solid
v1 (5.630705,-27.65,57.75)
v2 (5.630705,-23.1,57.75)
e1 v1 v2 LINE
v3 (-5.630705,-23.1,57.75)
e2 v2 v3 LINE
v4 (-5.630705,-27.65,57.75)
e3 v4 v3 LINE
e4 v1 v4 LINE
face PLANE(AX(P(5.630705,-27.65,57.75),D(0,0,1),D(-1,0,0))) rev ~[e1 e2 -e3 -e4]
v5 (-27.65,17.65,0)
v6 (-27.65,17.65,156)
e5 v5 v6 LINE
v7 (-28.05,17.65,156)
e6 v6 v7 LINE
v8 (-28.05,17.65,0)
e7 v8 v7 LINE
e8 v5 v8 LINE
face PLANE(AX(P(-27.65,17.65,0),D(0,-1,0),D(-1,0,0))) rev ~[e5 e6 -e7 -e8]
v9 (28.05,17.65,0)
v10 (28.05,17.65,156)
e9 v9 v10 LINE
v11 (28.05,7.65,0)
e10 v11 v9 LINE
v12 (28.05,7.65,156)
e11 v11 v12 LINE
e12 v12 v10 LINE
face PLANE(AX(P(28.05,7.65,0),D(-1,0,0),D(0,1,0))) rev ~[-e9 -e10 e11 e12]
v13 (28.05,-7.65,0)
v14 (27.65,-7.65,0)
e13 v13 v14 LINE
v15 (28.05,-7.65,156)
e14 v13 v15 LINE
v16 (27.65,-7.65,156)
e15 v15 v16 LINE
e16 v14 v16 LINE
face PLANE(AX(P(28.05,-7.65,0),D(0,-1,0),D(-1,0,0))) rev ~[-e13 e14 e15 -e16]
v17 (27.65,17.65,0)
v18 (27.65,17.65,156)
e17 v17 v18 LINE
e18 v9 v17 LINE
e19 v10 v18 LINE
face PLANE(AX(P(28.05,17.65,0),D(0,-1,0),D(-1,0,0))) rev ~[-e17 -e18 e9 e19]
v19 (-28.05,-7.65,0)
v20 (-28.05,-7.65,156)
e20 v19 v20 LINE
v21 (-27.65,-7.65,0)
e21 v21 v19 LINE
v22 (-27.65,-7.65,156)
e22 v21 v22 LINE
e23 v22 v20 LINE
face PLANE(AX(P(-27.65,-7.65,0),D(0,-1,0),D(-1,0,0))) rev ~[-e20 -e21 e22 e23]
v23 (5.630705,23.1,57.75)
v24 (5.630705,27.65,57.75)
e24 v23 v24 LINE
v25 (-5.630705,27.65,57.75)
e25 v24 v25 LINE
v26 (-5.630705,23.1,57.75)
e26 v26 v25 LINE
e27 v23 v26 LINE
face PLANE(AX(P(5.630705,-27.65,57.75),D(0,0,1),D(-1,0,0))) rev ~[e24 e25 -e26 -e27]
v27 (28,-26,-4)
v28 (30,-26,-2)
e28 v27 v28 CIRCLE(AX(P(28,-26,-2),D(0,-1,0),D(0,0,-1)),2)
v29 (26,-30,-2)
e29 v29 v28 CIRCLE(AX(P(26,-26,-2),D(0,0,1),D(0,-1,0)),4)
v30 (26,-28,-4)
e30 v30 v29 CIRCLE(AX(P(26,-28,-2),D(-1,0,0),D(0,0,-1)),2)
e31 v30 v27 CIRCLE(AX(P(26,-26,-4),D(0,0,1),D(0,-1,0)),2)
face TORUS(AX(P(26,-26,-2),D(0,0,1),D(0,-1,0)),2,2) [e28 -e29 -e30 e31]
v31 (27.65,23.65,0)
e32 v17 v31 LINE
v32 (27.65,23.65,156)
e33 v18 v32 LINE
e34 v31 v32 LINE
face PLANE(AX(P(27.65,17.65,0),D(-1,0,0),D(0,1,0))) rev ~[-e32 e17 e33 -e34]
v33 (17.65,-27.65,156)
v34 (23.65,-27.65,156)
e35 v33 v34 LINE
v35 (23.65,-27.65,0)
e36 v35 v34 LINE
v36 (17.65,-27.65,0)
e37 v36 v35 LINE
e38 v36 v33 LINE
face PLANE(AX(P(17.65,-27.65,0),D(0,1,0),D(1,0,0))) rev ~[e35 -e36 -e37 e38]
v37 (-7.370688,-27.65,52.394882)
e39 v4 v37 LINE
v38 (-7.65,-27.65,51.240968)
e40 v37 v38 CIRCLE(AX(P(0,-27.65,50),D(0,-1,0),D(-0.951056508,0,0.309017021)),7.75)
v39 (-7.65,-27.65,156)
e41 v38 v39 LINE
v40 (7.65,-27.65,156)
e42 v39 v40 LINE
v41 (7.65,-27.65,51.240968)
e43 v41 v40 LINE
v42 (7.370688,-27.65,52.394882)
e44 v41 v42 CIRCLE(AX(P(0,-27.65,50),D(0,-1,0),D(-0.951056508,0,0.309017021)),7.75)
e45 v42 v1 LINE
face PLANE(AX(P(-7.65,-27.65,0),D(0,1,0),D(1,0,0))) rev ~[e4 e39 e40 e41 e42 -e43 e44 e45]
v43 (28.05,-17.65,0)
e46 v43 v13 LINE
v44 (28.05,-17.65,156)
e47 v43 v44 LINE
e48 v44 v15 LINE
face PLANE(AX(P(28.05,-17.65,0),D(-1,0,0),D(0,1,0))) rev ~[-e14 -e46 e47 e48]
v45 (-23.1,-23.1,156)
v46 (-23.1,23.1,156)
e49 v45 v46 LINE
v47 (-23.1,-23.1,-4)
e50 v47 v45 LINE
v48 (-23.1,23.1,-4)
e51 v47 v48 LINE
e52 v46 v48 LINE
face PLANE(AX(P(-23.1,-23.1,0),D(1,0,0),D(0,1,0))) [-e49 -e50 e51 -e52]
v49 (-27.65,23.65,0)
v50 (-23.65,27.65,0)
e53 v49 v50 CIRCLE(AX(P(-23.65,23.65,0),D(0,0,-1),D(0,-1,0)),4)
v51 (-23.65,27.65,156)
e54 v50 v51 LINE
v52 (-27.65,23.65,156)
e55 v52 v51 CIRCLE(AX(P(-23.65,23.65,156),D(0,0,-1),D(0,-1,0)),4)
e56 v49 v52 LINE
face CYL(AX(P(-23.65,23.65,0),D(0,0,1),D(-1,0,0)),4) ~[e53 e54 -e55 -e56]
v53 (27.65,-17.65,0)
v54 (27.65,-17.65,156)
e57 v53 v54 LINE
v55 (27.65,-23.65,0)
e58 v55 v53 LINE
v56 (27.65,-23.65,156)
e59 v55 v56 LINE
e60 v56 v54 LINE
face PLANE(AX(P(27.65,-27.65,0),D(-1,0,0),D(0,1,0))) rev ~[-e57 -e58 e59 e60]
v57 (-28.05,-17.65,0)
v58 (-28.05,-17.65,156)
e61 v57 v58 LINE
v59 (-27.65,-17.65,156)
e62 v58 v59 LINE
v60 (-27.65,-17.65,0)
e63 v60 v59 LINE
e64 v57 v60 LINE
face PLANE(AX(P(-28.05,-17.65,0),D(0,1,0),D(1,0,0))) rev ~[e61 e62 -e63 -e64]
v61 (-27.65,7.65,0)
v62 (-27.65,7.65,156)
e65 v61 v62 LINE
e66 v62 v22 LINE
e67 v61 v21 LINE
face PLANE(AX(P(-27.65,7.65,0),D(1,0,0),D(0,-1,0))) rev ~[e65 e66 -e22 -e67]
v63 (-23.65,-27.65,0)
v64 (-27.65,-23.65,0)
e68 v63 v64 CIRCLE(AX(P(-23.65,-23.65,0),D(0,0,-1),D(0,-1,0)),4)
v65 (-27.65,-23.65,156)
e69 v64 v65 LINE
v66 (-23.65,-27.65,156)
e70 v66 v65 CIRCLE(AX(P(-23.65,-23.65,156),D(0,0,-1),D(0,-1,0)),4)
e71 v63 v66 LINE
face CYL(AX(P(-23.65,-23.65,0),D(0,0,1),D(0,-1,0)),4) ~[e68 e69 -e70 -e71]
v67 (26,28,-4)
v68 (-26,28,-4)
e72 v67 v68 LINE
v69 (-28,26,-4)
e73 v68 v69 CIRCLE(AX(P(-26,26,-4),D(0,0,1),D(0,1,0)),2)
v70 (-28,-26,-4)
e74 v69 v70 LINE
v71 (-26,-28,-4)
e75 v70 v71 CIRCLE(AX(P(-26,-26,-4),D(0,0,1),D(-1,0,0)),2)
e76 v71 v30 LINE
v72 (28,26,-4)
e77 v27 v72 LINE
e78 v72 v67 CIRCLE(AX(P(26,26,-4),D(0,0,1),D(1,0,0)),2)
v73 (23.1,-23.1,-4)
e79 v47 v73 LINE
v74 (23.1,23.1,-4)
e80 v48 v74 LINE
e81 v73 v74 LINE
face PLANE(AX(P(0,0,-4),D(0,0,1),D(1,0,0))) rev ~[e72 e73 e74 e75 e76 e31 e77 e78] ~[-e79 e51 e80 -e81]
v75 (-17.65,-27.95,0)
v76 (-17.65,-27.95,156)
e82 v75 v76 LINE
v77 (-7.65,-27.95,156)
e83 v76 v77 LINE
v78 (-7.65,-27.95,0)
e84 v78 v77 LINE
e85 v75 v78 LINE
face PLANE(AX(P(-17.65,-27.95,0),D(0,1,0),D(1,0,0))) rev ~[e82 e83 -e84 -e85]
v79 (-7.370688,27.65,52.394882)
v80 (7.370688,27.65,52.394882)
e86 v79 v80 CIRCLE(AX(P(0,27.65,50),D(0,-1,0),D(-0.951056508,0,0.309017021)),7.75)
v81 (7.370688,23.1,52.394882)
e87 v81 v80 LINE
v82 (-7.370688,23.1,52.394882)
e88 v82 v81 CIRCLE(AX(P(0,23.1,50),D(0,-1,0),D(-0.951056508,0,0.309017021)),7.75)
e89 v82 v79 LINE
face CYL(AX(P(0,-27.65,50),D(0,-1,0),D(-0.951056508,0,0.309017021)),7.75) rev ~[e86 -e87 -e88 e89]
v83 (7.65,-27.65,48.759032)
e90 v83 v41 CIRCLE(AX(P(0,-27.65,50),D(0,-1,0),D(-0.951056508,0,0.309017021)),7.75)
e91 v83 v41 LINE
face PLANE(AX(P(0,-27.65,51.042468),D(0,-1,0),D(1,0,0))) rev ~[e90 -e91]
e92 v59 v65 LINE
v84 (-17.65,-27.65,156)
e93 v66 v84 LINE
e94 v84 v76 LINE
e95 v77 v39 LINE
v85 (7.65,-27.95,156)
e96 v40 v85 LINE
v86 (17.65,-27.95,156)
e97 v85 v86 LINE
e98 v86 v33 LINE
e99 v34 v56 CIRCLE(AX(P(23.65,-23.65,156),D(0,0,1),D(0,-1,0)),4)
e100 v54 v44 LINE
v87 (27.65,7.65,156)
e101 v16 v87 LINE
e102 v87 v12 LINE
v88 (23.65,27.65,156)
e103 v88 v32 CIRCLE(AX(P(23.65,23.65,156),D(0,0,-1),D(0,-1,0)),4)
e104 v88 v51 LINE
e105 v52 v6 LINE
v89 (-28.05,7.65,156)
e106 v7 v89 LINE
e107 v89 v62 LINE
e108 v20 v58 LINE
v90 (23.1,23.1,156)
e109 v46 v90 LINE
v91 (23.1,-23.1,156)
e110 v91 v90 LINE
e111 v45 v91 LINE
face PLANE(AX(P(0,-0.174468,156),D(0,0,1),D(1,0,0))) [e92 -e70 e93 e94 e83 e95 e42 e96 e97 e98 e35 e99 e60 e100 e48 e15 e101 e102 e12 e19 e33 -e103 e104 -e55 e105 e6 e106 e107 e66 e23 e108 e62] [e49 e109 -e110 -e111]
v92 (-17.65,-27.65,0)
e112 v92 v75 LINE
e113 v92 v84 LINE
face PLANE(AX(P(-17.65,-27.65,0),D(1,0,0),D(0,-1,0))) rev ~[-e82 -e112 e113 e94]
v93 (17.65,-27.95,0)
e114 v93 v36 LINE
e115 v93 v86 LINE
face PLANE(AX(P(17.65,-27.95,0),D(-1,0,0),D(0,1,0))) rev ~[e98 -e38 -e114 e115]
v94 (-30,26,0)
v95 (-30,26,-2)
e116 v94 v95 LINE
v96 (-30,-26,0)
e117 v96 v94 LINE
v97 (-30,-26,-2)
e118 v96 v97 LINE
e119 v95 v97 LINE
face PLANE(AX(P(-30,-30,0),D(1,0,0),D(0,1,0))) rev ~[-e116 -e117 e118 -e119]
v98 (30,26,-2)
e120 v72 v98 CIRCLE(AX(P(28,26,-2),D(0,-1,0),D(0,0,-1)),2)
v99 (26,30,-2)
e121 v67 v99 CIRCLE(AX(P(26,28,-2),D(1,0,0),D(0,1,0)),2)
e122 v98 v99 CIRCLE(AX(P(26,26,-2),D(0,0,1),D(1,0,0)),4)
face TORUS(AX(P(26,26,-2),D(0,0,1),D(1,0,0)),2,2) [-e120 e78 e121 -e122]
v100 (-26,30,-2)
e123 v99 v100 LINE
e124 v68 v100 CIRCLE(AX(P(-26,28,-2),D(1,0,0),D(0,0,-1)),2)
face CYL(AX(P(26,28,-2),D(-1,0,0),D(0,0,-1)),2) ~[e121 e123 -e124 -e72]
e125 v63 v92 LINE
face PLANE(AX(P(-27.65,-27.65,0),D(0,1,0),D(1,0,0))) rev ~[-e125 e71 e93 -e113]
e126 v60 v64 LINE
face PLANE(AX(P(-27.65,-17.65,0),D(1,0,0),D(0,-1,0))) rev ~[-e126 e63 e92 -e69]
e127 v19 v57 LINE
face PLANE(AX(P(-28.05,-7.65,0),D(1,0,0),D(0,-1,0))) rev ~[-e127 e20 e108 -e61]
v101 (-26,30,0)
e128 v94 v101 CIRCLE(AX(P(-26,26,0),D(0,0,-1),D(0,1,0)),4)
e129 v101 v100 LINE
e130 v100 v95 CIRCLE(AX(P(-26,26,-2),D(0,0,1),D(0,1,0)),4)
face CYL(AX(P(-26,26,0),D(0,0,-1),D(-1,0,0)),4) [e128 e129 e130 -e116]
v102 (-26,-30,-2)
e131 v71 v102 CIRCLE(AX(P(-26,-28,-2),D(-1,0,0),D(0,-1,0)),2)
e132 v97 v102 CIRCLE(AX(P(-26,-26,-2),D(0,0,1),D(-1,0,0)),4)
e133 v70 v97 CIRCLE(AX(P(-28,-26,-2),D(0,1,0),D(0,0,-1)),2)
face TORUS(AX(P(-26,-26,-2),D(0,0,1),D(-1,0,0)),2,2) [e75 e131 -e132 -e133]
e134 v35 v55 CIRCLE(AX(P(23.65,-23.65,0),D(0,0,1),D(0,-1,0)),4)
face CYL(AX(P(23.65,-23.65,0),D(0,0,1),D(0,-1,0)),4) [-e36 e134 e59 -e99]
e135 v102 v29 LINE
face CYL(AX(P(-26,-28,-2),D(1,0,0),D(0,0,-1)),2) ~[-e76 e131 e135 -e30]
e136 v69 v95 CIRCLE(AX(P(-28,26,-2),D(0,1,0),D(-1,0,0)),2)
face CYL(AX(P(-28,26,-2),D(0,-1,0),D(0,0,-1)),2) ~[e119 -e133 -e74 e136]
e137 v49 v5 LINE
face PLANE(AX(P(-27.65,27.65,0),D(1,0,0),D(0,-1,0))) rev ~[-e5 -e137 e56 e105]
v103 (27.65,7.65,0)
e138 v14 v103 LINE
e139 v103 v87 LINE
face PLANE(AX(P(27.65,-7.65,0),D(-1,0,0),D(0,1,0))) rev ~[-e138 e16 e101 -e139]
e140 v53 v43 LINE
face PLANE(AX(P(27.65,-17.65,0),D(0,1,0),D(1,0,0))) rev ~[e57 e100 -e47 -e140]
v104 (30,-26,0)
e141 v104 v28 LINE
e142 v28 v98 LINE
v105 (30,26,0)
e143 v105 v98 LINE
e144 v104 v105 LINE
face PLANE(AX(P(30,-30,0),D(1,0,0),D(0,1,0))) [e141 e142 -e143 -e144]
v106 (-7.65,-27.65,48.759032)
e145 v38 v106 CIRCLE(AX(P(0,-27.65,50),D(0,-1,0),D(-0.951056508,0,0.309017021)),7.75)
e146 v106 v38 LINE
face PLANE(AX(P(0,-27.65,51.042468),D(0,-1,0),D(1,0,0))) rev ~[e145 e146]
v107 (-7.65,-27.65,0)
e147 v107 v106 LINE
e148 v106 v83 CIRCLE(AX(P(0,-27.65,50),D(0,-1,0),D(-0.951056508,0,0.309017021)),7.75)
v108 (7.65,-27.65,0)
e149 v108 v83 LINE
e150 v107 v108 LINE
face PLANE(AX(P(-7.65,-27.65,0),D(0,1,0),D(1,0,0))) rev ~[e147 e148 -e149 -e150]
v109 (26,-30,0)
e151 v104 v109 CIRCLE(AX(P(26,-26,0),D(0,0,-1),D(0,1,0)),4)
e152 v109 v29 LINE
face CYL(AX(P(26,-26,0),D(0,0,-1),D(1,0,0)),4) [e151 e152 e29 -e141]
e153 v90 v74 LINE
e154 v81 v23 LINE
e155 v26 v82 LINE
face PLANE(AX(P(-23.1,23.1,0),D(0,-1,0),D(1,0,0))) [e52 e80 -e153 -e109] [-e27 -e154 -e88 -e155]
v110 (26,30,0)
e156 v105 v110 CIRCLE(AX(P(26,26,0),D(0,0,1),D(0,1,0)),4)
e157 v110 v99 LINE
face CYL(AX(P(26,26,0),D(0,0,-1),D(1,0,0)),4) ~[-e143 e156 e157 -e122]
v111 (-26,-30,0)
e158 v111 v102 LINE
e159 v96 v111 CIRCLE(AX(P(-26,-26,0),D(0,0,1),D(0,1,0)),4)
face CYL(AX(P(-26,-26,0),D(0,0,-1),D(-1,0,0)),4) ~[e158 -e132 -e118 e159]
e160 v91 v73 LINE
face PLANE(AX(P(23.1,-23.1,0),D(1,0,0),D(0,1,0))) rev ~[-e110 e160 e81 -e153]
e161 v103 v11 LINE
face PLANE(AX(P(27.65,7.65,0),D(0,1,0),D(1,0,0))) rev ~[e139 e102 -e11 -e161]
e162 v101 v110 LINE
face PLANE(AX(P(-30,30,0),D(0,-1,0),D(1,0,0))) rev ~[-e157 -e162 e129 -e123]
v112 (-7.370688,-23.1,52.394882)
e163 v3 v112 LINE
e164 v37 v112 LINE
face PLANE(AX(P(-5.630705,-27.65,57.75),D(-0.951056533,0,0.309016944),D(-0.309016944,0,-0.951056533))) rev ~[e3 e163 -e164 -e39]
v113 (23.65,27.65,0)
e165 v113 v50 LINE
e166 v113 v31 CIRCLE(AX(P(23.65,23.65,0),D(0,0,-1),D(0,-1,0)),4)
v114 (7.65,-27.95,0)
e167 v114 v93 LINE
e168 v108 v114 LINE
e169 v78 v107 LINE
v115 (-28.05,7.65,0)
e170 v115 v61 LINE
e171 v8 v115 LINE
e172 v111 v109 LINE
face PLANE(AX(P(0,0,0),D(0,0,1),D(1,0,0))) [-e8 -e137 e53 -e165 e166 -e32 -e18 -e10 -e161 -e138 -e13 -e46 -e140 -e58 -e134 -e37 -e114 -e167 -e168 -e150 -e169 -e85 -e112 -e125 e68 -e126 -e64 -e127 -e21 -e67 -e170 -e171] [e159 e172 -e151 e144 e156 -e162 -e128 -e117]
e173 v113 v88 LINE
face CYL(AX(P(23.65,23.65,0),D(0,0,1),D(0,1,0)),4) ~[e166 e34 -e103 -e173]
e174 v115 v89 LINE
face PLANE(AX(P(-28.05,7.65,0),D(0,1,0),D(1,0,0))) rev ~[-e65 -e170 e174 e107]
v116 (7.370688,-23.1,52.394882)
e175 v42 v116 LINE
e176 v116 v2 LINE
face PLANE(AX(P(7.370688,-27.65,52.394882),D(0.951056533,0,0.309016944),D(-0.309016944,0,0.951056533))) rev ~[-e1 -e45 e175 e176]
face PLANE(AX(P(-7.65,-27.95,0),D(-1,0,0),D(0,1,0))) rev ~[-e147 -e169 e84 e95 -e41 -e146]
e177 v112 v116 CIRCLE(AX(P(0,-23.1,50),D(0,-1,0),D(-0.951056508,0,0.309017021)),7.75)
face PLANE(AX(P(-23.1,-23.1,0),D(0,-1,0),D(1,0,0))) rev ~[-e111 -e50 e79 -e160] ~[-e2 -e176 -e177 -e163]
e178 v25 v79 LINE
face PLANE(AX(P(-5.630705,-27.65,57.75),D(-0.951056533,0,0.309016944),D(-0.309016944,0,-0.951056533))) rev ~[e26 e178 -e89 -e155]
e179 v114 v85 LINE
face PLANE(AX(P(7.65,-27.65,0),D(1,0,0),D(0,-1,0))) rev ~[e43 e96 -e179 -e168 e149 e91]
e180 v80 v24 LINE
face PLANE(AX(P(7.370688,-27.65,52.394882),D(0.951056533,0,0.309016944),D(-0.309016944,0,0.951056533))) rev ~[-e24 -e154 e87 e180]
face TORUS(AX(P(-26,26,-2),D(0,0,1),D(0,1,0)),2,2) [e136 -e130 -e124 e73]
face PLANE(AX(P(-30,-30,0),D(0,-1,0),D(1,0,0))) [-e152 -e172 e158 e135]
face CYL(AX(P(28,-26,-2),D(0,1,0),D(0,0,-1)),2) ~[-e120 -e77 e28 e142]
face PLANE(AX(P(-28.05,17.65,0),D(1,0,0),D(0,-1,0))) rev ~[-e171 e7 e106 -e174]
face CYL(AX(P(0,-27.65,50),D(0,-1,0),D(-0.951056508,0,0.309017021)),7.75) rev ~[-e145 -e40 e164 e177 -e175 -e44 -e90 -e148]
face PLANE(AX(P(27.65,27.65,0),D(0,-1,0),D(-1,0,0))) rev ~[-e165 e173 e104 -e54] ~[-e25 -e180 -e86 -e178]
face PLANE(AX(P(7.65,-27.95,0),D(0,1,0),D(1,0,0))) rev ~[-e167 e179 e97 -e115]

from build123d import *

# Parameters (mm, degrees)
F0_W     = 46.2
F0_H     = 46.2
F1_DEPTH = 156
F0_W_2   = 60
F0_H_2   = 60
F2_DEPTH = 4
F3_R     = 4
F4_R     = 2
F7_DEPTH = 80


with BuildPart() as f1:
    # F0 (on Top) → F1 (new body)
    with BuildSketch(Plane.XY):
        Polygon((27.65, 17.65), (27.65, 27.65), (-27.65, 27.65), (-27.65, 17.65), (-28.05, 17.65), (-28.05, 7.65), (-27.65, 7.65), (-27.65, -7.65), (-28.05, -7.65), (-28.05, -17.65), (-27.65, -17.65), (-27.65, -27.65), (-17.65, -27.65), (-17.65, -27.95), (-7.65, -27.95), (-7.65, -27.65), (7.65, -27.65), (7.65, -27.95), (17.65, -27.95), (17.65, -27.65), (27.65, -27.65), (27.65, -17.65), (28.05, -17.65), (28.05, -7.65), (27.65, -7.65), (27.65, 7.65), (28.05, 7.65), (28.05, 17.65), align=None)
        Rectangle(F0_W, F0_H, mode=Mode.SUBTRACT)
    extrude(amount=F1_DEPTH)

    # F0 (on Top) → F2 (join)
    with BuildSketch(Plane.XY):
        Rectangle(F0_W_2, F0_H_2)
        Polygon((-27.65, 27.65), (27.65, 27.65), (27.65, 17.65), (28.05, 17.65), (28.05, 7.65), (27.65, 7.65), (27.65, -7.65), (28.05, -7.65), (28.05, -17.65), (27.65, -17.65), (27.65, -27.65), (17.65, -27.65), (17.65, -27.95), (7.65, -27.95), (7.65, -27.65), (-7.65, -27.65), (-7.65, -27.95), (-17.65, -27.95), (-17.65, -27.65), (-27.65, -27.65), (-27.65, -17.65), (-28.05, -17.65), (-28.05, -7.65), (-27.65, -7.65), (-27.65, 7.65), (-28.05, 7.65), (-28.05, 17.65), (-27.65, 17.65), align=None, mode=Mode.SUBTRACT)
        Polygon((27.65, 17.65), (27.65, 27.65), (-27.65, 27.65), (-27.65, 17.65), (-28.05, 17.65), (-28.05, 7.65), (-27.65, 7.65), (-27.65, -7.65), (-28.05, -7.65), (-28.05, -17.65), (-27.65, -17.65), (-27.65, -27.65), (-17.65, -27.65), (-17.65, -27.95), (-7.65, -27.95), (-7.65, -27.65), (7.65, -27.65), (7.65, -27.95), (17.65, -27.95), (17.65, -27.65), (27.65, -27.65), (27.65, -17.65), (28.05, -17.65), (28.05, -7.65), (27.65, -7.65), (27.65, 7.65), (28.05, 7.65), (28.05, 17.65), align=None)
        Rectangle(F0_W, F0_H, mode=Mode.SUBTRACT)
    extrude(amount=-F2_DEPTH)

    # F3
    f3_edges = [f1.edges().sort_by_distance(p)[0] for p in [
        (-27.65, 27.65, 78),
        (-27.65, -27.65, 78),
        (27.65, -27.65, 78),
        (27.65, 27.65, 78),
        (30, 30, -2),
        (30, -30, -2),
        (-30, 30, -2),
        (-30, -30, -2),
    ]]
    fillet(f3_edges, radius=F3_R)

    # F4
    f4_edges = [f1.edges().sort_by_distance(p)[0] for p in [
        (30, 0, -4),
    ]]
    fillet(f4_edges, radius=F4_R)

    # F6 (on offset) → F7 (cut)
    with BuildSketch(Plane.XZ.offset(27.65)):
        with BuildLine():
            Line((-5.630705, 57.75), (-7.370688, 52.394882))
            ThreePointArc((-7.370688, 52.394882), (0, 42.25), (7.370688, 52.394882))
            Line((7.370688, 52.394882), (5.630705, 57.75))
            Line((5.630705, 57.75), (-5.630705, 57.75))
        make_face()
    extrude(amount=-F7_DEPTH, mode=Mode.SUBTRACT)


solid = f1.part
